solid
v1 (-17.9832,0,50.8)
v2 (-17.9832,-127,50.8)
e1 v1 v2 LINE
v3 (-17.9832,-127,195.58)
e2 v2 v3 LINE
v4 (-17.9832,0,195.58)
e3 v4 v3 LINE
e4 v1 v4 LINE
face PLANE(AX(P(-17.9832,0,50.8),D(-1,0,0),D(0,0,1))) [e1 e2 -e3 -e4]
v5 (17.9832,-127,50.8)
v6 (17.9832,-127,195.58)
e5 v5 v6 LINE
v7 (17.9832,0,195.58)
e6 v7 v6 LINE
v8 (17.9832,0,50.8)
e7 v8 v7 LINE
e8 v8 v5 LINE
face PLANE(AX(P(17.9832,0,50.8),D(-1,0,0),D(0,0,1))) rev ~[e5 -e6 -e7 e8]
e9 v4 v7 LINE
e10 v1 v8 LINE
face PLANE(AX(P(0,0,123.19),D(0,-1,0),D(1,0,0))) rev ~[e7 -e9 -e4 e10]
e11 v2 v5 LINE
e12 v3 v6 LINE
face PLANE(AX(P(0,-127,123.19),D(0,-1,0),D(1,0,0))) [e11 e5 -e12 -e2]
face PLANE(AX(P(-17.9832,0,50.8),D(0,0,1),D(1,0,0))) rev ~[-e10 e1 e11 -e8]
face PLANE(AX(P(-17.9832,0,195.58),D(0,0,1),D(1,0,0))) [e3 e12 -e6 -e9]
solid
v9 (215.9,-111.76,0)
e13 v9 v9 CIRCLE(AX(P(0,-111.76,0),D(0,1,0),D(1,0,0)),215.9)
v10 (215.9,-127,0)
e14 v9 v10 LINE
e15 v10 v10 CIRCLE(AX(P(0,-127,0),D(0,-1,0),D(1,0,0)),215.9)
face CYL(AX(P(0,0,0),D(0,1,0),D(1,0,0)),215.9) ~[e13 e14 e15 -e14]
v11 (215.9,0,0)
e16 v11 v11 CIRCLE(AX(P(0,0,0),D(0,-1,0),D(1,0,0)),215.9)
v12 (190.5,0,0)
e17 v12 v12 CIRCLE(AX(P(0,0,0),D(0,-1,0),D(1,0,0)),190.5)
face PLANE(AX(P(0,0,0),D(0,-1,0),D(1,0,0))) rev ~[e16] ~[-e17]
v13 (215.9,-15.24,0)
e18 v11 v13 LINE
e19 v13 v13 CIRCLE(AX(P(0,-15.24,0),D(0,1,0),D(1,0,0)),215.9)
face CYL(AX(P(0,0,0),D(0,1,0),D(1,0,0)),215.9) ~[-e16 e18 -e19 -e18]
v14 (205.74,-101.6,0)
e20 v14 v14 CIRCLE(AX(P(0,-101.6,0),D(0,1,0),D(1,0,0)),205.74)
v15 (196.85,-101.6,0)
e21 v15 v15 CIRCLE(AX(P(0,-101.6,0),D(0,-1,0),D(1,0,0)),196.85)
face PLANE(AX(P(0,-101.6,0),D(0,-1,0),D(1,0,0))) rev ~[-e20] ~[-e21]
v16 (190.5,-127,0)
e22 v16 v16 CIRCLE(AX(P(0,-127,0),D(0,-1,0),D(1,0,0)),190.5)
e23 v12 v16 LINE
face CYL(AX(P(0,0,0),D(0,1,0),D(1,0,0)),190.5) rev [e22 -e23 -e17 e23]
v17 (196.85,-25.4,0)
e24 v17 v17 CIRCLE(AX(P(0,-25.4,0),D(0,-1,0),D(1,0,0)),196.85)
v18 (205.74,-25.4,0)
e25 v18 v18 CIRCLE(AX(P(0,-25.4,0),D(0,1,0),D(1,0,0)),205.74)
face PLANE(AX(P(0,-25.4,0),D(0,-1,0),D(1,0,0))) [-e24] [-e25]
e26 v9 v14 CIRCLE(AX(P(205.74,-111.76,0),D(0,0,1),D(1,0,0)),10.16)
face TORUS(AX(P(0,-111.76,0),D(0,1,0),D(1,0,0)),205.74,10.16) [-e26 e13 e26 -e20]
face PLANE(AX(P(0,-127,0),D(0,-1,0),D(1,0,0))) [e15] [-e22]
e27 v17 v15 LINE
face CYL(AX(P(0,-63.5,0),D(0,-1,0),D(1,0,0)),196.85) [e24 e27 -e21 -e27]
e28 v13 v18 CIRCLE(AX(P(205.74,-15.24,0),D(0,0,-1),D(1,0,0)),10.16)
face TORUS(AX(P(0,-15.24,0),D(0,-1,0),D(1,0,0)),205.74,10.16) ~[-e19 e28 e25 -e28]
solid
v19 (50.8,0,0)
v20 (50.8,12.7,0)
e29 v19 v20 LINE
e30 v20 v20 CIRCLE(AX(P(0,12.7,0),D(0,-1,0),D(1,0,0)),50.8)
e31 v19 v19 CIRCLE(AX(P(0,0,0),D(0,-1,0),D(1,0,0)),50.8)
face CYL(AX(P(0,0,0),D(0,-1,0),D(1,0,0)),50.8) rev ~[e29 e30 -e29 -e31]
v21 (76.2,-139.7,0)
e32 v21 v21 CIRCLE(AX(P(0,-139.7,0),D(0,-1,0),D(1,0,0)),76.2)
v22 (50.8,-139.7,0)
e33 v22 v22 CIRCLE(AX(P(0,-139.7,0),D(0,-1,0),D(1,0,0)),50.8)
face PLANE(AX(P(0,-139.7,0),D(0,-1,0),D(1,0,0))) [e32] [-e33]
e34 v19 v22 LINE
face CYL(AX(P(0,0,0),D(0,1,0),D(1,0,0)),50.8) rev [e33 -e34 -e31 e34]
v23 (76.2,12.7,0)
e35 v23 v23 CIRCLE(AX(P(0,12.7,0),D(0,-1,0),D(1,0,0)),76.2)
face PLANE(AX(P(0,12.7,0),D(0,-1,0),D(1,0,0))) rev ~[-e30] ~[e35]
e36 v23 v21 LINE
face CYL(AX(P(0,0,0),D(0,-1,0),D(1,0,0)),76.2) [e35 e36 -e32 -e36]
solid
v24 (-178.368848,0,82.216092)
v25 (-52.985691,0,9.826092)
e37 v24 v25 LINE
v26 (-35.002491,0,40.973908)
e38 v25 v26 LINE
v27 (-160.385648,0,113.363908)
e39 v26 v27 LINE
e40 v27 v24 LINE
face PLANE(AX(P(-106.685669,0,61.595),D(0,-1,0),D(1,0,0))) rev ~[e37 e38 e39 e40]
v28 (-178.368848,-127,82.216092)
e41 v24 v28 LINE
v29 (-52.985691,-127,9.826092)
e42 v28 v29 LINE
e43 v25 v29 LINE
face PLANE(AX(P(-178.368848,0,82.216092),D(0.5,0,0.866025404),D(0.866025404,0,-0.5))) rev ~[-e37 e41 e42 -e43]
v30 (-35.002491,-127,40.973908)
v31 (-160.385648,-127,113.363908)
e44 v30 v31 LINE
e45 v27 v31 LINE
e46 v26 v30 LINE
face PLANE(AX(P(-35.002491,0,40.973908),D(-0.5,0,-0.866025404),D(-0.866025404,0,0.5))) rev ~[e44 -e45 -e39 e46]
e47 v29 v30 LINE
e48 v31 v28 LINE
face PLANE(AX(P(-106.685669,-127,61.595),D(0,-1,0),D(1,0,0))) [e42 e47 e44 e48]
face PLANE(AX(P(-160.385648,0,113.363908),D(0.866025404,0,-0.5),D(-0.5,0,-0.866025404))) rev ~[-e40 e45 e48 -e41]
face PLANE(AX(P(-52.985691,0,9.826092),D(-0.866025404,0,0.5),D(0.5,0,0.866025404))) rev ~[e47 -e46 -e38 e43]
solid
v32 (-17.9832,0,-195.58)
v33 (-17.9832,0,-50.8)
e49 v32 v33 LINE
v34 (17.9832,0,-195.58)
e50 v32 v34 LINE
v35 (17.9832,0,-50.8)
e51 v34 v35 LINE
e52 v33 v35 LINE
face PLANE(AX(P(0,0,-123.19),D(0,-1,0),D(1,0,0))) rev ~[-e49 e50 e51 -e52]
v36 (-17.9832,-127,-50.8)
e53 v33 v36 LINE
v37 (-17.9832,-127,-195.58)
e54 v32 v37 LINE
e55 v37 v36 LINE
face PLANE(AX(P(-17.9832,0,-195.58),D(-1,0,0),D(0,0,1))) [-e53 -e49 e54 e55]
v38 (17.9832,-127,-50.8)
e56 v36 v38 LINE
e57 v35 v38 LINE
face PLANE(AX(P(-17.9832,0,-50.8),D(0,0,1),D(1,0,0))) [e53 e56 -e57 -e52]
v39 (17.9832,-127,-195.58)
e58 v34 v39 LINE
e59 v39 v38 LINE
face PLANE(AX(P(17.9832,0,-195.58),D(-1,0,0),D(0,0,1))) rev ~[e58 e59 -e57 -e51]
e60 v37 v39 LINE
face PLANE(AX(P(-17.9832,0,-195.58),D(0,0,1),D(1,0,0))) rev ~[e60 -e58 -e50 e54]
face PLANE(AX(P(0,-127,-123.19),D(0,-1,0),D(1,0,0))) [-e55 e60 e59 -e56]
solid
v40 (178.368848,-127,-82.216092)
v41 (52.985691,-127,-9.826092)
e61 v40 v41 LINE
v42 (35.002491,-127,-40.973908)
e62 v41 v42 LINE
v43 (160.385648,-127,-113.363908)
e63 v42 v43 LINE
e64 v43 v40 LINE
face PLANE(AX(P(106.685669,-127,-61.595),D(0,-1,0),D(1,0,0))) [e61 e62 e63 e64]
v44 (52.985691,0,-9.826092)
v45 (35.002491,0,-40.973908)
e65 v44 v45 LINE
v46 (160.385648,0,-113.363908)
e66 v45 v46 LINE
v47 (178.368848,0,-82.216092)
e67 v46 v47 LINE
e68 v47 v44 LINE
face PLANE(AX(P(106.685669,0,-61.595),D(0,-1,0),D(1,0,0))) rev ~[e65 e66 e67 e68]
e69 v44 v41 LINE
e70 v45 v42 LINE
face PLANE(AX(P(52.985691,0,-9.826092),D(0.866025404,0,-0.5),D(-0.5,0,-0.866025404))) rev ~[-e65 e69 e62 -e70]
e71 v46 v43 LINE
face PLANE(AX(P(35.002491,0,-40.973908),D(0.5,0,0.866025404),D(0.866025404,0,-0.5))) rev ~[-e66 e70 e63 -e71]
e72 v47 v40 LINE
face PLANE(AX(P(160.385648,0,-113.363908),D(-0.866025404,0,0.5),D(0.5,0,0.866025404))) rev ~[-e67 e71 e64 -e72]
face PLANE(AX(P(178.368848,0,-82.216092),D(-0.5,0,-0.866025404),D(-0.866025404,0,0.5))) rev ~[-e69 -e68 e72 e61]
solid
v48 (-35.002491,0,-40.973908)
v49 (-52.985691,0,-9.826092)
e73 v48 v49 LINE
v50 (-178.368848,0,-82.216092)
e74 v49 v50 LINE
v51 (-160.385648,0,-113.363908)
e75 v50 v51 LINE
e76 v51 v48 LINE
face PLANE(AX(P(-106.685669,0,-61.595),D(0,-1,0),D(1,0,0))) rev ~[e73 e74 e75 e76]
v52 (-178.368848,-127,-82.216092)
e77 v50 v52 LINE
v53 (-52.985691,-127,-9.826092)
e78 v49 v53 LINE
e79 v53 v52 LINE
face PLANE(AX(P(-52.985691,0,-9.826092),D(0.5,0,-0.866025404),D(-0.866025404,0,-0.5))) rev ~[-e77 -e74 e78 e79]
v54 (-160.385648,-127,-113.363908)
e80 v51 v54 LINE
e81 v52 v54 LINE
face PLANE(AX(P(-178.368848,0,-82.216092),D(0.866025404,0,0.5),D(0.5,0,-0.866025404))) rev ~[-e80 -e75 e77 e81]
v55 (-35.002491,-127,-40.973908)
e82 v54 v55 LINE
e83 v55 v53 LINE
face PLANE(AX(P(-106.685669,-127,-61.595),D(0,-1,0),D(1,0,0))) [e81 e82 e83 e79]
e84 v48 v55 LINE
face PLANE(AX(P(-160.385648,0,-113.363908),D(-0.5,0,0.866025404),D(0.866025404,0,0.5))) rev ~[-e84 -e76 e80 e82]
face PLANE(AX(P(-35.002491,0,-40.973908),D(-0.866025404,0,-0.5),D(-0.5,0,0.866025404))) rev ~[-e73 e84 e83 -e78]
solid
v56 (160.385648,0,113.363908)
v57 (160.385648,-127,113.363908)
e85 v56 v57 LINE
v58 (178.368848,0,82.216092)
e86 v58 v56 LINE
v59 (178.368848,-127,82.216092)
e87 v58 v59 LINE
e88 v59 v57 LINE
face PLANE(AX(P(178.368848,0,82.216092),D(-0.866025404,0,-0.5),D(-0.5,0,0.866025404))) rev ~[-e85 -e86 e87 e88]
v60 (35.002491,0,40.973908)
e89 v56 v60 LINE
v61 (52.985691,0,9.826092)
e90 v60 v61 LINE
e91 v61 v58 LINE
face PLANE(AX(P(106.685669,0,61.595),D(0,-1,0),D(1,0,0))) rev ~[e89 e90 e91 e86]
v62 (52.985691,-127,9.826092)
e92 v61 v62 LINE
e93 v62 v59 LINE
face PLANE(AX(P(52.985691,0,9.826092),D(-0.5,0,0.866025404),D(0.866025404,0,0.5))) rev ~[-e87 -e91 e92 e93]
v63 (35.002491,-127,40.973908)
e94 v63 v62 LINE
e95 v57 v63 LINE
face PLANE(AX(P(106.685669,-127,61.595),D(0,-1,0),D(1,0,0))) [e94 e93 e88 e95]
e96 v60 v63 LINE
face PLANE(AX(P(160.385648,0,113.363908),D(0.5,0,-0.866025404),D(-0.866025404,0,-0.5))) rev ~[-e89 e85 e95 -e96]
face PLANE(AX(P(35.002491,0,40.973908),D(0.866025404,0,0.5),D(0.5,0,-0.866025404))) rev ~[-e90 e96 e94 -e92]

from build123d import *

# Parameters (mm, degrees)
F0_R      = 215.9
F0_R_2    = 190.5
F1_DEPTH  = 127
F2_R      = 76.2
F2_R_2    = 50.8
F3_DEPTH  = 139.7
F4_DEPTH  = 12.7
F5_W      = 35.9664
F5_H      = 144.78
F6_DEPTH  = 127
F8_R      = 227.2009340042
F8_R_2    = 196.85
F9_DEPTH  = 38.1
F10_R     = 223.6574457884
F10_R_2   = 196.85
F11_DEPTH = 38.1
F12_R     = 10.16


with BuildPart() as f1:
    # F0 (on Front) → F1 (new body)
    with BuildSketch(Plane.XZ):
        Circle(F0_R)
        Circle(F0_R_2, mode=Mode.SUBTRACT)
    extrude(amount=F1_DEPTH)

    # F8 (on offset) → F9 (cut)
    with BuildSketch(Plane.XZ.offset(63.5)):
        Circle(F8_R)
        Circle(F8_R_2, mode=Mode.SUBTRACT)
    extrude(amount=F9_DEPTH, mode=Mode.SUBTRACT)

    # F10 (on offset) → F11 (cut)
    with BuildSketch(Plane.XZ.offset(63.5)):
        Circle(F10_R)
        Circle(F10_R_2, mode=Mode.SUBTRACT)
    extrude(amount=-F11_DEPTH, mode=Mode.SUBTRACT)

    # F12
    f12_edges = [f1.edges().sort_by_distance(p)[0] for p in [
        (-215.9, -101.6, 0),
        (-215.9, -25.4, 0),
    ]]
    fillet(f12_edges, radius=F12_R)


with BuildPart() as f3:
    # F2 (on Front) → F3 (new body)
    with BuildSketch(Plane.XZ):
        Circle(F2_R)
        Circle(F2_R_2, mode=Mode.SUBTRACT)
    extrude(amount=F3_DEPTH)

    # F4 (add): a face of the model
    f4_faces = [f3.faces().sort_by_distance(p)[0] for p in [
        (-74.0447385309, 0, 0),
    ]]
    extrude(f4_faces, amount=F4_DEPTH)


with BuildPart() as f6:
    # F5 (on Front) → F6 (new body)
    with BuildSketch(Plane.XZ):
        with Locations((0, 123.19)):
            Rectangle(F5_W, F5_H)
    extrude(amount=F6_DEPTH)


with BuildPart() as f6b:
    # F5 (on Front) → F6, piece 2 (new body)
    with BuildSketch(Plane.XZ):
        Polygon((-35.0024905122, 40.9739080413), (-160.3856484722, 113.3639080413), (-178.3688484722, 82.2160919587), (-52.9856905122, 9.8260919587), align=None)
    extrude(amount=F6_DEPTH)


with BuildPart() as f6c:
    # F5 (on Front) → F6, piece 3 (new body)
    with BuildSketch(Plane.XZ):
        Polygon((-52.9856905122, -9.8260919587), (-178.3688484722, -82.2160919587), (-160.3856484722, -113.3639080413), (-35.0024905122, -40.9739080413), align=None)
    extrude(amount=F6_DEPTH)


with BuildPart() as f6d:
    # F5 (on Front) → F6, piece 4 (new body)
    with BuildSketch(Plane.XZ):
        with Locations((0, -123.19)):
            Rectangle(F5_W, F5_H)
    extrude(amount=F6_DEPTH)


with BuildPart() as f6e:
    # F5 (on Front) → F6, piece 5 (new body)
    with BuildSketch(Plane.XZ):
        Polygon((35.0024905122, -40.9739080413), (160.3856484722, -113.3639080413), (178.3688484722, -82.2160919587), (52.9856905122, -9.8260919587), align=None)
    extrude(amount=F6_DEPTH)


with BuildPart() as f6f:
    # F5 (on Front) → F6, piece 6 (new body)
    with BuildSketch(Plane.XZ):
        Polygon((52.9856905122, 9.8260919587), (178.3688484722, 82.2160919587), (160.3856484722, 113.3639080413), (35.0024905122, 40.9739080413), align=None)
    extrude(amount=F6_DEPTH)


solid = Compound([f1.part, f3.part, f6.part, f6b.part, f6c.part, f6d.part, f6e.part, f6f.part])
